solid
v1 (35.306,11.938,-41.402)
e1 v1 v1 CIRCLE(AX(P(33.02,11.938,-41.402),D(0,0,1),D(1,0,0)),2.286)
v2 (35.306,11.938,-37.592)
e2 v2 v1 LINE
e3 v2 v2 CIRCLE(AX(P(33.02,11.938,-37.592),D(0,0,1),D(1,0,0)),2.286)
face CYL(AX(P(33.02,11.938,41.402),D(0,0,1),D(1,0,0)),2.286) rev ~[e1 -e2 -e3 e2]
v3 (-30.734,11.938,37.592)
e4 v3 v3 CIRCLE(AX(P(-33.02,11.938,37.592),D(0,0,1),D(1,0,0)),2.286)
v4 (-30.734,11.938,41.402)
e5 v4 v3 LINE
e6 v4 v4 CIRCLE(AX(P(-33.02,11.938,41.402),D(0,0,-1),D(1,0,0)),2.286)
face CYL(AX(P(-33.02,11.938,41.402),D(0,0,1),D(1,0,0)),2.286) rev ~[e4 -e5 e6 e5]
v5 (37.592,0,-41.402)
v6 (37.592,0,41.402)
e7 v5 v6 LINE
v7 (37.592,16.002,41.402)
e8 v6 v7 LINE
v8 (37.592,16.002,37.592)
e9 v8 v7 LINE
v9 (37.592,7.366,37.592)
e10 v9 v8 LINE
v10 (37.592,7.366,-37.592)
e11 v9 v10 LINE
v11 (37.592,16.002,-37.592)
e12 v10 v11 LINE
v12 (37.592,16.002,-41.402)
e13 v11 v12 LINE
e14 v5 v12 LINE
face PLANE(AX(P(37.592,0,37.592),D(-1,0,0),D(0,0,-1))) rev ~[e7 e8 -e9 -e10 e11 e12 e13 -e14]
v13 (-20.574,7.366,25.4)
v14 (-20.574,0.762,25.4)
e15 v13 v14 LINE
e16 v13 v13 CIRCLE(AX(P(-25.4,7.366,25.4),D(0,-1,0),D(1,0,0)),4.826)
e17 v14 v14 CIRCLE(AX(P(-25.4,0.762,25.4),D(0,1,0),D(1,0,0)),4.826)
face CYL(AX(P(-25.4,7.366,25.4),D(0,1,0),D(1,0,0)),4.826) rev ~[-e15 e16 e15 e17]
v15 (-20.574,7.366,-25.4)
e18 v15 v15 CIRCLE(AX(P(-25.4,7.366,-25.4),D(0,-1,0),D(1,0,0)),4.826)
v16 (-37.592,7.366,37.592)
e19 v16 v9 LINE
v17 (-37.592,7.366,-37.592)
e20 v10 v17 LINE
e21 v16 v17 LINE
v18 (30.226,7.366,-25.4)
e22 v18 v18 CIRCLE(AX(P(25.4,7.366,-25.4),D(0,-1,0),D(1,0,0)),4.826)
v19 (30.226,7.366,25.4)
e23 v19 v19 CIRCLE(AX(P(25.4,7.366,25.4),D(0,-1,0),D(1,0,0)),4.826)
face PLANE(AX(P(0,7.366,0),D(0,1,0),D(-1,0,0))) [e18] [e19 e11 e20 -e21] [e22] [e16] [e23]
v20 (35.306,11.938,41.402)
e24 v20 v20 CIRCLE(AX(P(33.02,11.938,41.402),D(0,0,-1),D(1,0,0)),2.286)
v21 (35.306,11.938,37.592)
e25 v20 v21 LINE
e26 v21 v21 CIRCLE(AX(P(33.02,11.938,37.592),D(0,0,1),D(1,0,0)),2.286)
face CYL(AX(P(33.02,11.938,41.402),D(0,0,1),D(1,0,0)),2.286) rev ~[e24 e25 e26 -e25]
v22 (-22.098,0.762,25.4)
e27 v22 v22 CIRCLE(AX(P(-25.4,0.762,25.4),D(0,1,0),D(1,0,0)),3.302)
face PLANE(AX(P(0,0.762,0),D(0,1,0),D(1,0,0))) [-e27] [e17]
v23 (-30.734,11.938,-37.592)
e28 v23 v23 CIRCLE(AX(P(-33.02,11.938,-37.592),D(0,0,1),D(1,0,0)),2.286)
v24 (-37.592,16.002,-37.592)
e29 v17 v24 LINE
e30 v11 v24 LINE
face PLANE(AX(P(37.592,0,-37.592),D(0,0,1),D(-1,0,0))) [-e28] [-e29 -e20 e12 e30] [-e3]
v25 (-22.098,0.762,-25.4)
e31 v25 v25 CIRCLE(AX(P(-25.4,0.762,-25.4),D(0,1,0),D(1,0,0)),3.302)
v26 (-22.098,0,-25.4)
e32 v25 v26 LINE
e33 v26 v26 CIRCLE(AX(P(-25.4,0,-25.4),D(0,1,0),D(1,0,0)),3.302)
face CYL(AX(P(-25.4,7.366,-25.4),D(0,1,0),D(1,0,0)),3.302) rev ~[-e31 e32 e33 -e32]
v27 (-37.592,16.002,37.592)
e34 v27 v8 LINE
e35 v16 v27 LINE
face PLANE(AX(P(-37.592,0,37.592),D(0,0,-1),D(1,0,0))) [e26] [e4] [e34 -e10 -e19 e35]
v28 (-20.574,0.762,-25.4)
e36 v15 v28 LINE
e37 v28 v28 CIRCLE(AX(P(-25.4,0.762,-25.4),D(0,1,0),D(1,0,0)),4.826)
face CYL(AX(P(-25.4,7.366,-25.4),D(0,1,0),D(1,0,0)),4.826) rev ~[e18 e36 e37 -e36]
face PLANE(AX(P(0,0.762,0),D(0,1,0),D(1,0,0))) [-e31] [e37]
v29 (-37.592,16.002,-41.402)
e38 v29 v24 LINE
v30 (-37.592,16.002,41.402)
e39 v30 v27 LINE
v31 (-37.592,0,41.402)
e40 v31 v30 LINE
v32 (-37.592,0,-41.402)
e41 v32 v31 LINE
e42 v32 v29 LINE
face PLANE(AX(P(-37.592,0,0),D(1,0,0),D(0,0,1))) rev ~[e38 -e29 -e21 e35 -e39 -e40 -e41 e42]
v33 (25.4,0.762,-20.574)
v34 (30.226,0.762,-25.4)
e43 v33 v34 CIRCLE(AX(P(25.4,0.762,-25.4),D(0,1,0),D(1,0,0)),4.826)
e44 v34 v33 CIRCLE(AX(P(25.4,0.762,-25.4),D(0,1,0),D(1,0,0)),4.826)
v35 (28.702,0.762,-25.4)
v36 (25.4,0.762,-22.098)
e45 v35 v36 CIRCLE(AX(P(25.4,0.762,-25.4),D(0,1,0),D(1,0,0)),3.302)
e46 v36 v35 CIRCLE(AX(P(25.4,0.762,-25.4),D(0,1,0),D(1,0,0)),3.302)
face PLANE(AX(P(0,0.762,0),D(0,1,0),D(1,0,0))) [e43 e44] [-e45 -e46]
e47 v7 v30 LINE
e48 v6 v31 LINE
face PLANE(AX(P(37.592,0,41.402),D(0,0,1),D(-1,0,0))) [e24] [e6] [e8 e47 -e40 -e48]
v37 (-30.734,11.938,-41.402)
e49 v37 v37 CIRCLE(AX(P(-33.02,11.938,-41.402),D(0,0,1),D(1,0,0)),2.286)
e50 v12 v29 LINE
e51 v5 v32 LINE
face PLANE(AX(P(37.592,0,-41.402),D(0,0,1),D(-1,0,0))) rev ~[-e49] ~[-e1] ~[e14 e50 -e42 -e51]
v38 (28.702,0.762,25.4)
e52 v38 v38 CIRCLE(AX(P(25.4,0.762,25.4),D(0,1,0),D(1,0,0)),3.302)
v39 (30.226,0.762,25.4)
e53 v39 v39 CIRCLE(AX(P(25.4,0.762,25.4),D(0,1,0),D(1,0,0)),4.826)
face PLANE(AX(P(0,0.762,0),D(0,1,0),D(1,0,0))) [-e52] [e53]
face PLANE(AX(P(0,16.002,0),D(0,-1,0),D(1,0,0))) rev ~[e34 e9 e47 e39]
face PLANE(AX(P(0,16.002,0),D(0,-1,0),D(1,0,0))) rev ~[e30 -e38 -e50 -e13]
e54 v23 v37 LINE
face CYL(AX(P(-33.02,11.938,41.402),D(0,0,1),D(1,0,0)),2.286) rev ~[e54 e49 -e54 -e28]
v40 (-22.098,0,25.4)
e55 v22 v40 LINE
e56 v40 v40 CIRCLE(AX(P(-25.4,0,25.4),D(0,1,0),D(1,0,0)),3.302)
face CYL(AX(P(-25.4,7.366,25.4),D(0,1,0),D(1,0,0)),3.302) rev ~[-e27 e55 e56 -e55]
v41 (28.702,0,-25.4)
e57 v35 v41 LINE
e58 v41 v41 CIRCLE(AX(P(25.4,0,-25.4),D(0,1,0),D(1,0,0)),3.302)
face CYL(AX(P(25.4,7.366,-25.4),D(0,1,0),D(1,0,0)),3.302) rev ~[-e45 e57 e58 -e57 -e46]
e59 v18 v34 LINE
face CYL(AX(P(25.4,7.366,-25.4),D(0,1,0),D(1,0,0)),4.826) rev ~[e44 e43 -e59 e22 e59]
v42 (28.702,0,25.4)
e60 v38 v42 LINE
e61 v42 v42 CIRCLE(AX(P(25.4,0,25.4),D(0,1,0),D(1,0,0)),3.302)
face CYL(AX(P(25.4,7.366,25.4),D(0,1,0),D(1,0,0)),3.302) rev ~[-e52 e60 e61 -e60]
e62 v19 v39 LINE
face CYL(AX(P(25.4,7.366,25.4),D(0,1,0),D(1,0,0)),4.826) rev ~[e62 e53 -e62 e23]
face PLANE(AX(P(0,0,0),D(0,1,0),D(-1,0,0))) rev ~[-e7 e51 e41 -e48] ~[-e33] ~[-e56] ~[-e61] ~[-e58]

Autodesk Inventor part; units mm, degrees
ref_plane "YZ Plane" through (0, 0, 0) normal (1, 0, 0) x (0, 1, 0)
ref_plane "XZ Plane" through (0, 0, 0) normal (0, 1, 0) x (-1, 0, 0)
ref_plane "XY Plane" through (0, 0, 0) normal (0, 0, 1) x (1, 0, 0)
sketch "Sketch1" plane through (0, 0, 0) normal (0, 1, 0) x (-1, 0, 0)
  line L0 (37.592, 37.592) -> (-37.592, 37.592)
  line L1 (-37.592, 37.592) -> (-37.592, -37.592)
  line L2 (-37.592, -37.592) -> (37.592, -37.592)
  line L3 (37.592, -37.592) -> (37.592, 37.592)
  line L4 (48.9249, 50.7063) -> (48.9249, -4.5387)
  line L5 (37.592, 0) -> (0, 0)
  line L6 (0, 0) -> (0, -37.592)
  point P0 (0, 0)
  dimension "d0" = 75.184
  dimension "d1" = 75.184
extrude "Extrusion1" add sketch "Sketch1" along normal blind 7.366
sketch "Sketch6" plane through (0, 7.366, 0) normal (0, 1, 0) x (1, 0, 0)
  line L0 (0, 0) -> (0, 25.4)
  line L1 (0, 25.4) -> (-25.4, 25.4)
  line L2 (-25.4, 25.4) -> (-25.4, -25.4)
  line L3 (-25.4, -25.4) -> (25.4, -25.4)
  line L4 (25.4, -25.4) -> (25.4, 25.4)
  circle A0 centre (25.4, 25.4) radius 3.302
  circle A1 centre (25.4, 25.4) radius 4.826
  circle A2 centre (25.4, -25.4) radius 3.302
  circle A3 centre (25.4, -25.4) radius 4.826
  circle A4 centre (-25.4, -25.4) radius 3.302
  circle A5 centre (-25.4, -25.4) radius 4.826
  circle A6 centre (-25.4, 25.4) radius 3.302
  circle A7 centre (-25.4, 25.4) radius 4.826
  dimension "d35" = 25.4
  dimension "d36" = 25.4
  dimension "d37" = 50.8
  dimension "d38" = 50.8
  dimension "d39" = 6.604
  dimension "d40" = 9.652
  dimension "d41" = 6.604
  dimension "d42" = 9.652
  dimension "d43" = 6.604
  dimension "d44" = 9.652
  dimension "d45" = 6.604
  dimension "d46" = 9.652
sketch "Sketch2" plane through (0, 7.366, 0) normal (0, 1, 0) x (1, 0, 0)
  line L0 (0, 0) -> (0, 12.7)
  line L1 (0, 12.7) -> (-12.7, 12.7)
  line L2 (-12.7, 12.7) -> (12.7, 12.7)
  line L3 (12.7, 12.7) -> (12.7, -12.7)
  line L4 (12.7, -12.7) -> (-12.7, -12.7)
  circle A0 centre (-12.7, -12.7) radius 3.302
  circle A1 centre (-12.7, -12.7) radius 4.826
  circle A2 centre (-12.7, 12.7) radius 3.302
  circle A3 centre (-12.7, 12.7) radius 4.826
  circle A4 centre (12.7, -12.7) radius 3.302
  circle A5 centre (12.7, -12.7) radius 4.826
  circle A6 centre (12.7, 12.7) radius 3.302
  circle A7 centre (12.7, 12.7) radius 4.826
  dimension "d4" = 12.7
  dimension "d5" = 12.7
  dimension "d6" = 25.4
  dimension "d7" = 25.4
  dimension "d8" = 25.4
  dimension "d9" = 6.604
  dimension "d10" = 9.652
  dimension "d11" = 6.604
  dimension "d12" = 9.652
  dimension "d13" = 6.604
  dimension "d14" = 9.652
  dimension "d15" = 6.604
  dimension "d16" = 9.652
sketch "Sketch3" plane through (-37.592, 0, 37.592) normal (0, 0, 1) x (1, 0, 0)
  point P0 (37.592, 0)
sketch "Sketch4" plane through (0, 0, 0) normal (0, -1, 0) x (1, 0, 0)
  line L0 (-37.592, 37.592) -> (38.608, 37.592)
  line L1 (38.608, 37.592) -> (38.608, 41.402)
  line L2 (38.608, 41.402) -> (-37.592, 41.402)
  line L3 (-37.592, 41.402) -> (-37.592, 37.592)
  line L4 (37.592, -37.592) -> (-37.592, -37.592) projected
  line L5 (-37.592, -37.592) -> (38.608, -37.592)
  line L6 (38.608, -37.592) -> (38.608, -41.402)
  line L7 (38.608, -41.402) -> (-37.592, -41.402)
  line L8 (-37.592, -41.402) -> (-37.592, -37.592)
  line L9 (37.592, 37.592) -> (37.592, 41.402)
  line L10 (37.592, -37.592) -> (37.592, -41.402)
  point P0 (0, 0)
  point P1 (38.1, -38.1)
  dimension "d21" = 3.81
  dimension "d22" = 3.81
extrude "Extrusion4" add sketch "Sketch4" against normal blind 16.002 contours L3 L2 L9 L0 | L10 L7 L8 L4
sketch "Sketch5" plane through (-37.592, 0, 41.402) normal (0, 0, 1) x (1, 0, 0)
  line L0 (0, 7.366) -> (75.184, 7.366) projected
  line L1 (75.184, 7.366) -> (70.612, 7.366)
  line L2 (70.612, 7.366) -> (70.612, 11.938)
  line L3 (0, 7.366) -> (4.572, 7.366)
  line L4 (4.572, 7.366) -> (4.572, 11.938)
  circle A0 centre (4.572, 11.938) radius 2.286
  circle A1 centre (70.612, 11.938) radius 2.286
  point P0 (37.592, 0)
  dimension "d25" = 4.572
  dimension "d26" = 4.572
  dimension "d27" = 4.572
  dimension "d51" = 4.572
  dimension "d52" = 4.572
extrude "Extrusion5" cut sketch "Sketch6" against normal blind 25.4 contours A0 | A6 L2 L1 | L1 L2 A6 | A4 L3 L2 | L2 L3 A4 | A2 L4 L3 | L3 L4 A2
extrude "Extrusion6" cut sketch "Sketch6" against normal blind 6.604 contours A7 L2 A6 L1 | L1 A6 L2 A7 | A0 | A1 | A3 L4 A2 L3 | L3 A2 L4 A3 | A5 L3 A4 L2 | L2 A4 L3 A5 | A6 L2 L1 | L1 L2 A6 | A4 L3 L2 | L2 L3 A4 | A2 L4 L3 | L3 L4 A2
extrude "Extrusion7" cut sketch "Sketch5" against normal blind 127
properties part number "Voicecoil_to_PY004_Coupler"
